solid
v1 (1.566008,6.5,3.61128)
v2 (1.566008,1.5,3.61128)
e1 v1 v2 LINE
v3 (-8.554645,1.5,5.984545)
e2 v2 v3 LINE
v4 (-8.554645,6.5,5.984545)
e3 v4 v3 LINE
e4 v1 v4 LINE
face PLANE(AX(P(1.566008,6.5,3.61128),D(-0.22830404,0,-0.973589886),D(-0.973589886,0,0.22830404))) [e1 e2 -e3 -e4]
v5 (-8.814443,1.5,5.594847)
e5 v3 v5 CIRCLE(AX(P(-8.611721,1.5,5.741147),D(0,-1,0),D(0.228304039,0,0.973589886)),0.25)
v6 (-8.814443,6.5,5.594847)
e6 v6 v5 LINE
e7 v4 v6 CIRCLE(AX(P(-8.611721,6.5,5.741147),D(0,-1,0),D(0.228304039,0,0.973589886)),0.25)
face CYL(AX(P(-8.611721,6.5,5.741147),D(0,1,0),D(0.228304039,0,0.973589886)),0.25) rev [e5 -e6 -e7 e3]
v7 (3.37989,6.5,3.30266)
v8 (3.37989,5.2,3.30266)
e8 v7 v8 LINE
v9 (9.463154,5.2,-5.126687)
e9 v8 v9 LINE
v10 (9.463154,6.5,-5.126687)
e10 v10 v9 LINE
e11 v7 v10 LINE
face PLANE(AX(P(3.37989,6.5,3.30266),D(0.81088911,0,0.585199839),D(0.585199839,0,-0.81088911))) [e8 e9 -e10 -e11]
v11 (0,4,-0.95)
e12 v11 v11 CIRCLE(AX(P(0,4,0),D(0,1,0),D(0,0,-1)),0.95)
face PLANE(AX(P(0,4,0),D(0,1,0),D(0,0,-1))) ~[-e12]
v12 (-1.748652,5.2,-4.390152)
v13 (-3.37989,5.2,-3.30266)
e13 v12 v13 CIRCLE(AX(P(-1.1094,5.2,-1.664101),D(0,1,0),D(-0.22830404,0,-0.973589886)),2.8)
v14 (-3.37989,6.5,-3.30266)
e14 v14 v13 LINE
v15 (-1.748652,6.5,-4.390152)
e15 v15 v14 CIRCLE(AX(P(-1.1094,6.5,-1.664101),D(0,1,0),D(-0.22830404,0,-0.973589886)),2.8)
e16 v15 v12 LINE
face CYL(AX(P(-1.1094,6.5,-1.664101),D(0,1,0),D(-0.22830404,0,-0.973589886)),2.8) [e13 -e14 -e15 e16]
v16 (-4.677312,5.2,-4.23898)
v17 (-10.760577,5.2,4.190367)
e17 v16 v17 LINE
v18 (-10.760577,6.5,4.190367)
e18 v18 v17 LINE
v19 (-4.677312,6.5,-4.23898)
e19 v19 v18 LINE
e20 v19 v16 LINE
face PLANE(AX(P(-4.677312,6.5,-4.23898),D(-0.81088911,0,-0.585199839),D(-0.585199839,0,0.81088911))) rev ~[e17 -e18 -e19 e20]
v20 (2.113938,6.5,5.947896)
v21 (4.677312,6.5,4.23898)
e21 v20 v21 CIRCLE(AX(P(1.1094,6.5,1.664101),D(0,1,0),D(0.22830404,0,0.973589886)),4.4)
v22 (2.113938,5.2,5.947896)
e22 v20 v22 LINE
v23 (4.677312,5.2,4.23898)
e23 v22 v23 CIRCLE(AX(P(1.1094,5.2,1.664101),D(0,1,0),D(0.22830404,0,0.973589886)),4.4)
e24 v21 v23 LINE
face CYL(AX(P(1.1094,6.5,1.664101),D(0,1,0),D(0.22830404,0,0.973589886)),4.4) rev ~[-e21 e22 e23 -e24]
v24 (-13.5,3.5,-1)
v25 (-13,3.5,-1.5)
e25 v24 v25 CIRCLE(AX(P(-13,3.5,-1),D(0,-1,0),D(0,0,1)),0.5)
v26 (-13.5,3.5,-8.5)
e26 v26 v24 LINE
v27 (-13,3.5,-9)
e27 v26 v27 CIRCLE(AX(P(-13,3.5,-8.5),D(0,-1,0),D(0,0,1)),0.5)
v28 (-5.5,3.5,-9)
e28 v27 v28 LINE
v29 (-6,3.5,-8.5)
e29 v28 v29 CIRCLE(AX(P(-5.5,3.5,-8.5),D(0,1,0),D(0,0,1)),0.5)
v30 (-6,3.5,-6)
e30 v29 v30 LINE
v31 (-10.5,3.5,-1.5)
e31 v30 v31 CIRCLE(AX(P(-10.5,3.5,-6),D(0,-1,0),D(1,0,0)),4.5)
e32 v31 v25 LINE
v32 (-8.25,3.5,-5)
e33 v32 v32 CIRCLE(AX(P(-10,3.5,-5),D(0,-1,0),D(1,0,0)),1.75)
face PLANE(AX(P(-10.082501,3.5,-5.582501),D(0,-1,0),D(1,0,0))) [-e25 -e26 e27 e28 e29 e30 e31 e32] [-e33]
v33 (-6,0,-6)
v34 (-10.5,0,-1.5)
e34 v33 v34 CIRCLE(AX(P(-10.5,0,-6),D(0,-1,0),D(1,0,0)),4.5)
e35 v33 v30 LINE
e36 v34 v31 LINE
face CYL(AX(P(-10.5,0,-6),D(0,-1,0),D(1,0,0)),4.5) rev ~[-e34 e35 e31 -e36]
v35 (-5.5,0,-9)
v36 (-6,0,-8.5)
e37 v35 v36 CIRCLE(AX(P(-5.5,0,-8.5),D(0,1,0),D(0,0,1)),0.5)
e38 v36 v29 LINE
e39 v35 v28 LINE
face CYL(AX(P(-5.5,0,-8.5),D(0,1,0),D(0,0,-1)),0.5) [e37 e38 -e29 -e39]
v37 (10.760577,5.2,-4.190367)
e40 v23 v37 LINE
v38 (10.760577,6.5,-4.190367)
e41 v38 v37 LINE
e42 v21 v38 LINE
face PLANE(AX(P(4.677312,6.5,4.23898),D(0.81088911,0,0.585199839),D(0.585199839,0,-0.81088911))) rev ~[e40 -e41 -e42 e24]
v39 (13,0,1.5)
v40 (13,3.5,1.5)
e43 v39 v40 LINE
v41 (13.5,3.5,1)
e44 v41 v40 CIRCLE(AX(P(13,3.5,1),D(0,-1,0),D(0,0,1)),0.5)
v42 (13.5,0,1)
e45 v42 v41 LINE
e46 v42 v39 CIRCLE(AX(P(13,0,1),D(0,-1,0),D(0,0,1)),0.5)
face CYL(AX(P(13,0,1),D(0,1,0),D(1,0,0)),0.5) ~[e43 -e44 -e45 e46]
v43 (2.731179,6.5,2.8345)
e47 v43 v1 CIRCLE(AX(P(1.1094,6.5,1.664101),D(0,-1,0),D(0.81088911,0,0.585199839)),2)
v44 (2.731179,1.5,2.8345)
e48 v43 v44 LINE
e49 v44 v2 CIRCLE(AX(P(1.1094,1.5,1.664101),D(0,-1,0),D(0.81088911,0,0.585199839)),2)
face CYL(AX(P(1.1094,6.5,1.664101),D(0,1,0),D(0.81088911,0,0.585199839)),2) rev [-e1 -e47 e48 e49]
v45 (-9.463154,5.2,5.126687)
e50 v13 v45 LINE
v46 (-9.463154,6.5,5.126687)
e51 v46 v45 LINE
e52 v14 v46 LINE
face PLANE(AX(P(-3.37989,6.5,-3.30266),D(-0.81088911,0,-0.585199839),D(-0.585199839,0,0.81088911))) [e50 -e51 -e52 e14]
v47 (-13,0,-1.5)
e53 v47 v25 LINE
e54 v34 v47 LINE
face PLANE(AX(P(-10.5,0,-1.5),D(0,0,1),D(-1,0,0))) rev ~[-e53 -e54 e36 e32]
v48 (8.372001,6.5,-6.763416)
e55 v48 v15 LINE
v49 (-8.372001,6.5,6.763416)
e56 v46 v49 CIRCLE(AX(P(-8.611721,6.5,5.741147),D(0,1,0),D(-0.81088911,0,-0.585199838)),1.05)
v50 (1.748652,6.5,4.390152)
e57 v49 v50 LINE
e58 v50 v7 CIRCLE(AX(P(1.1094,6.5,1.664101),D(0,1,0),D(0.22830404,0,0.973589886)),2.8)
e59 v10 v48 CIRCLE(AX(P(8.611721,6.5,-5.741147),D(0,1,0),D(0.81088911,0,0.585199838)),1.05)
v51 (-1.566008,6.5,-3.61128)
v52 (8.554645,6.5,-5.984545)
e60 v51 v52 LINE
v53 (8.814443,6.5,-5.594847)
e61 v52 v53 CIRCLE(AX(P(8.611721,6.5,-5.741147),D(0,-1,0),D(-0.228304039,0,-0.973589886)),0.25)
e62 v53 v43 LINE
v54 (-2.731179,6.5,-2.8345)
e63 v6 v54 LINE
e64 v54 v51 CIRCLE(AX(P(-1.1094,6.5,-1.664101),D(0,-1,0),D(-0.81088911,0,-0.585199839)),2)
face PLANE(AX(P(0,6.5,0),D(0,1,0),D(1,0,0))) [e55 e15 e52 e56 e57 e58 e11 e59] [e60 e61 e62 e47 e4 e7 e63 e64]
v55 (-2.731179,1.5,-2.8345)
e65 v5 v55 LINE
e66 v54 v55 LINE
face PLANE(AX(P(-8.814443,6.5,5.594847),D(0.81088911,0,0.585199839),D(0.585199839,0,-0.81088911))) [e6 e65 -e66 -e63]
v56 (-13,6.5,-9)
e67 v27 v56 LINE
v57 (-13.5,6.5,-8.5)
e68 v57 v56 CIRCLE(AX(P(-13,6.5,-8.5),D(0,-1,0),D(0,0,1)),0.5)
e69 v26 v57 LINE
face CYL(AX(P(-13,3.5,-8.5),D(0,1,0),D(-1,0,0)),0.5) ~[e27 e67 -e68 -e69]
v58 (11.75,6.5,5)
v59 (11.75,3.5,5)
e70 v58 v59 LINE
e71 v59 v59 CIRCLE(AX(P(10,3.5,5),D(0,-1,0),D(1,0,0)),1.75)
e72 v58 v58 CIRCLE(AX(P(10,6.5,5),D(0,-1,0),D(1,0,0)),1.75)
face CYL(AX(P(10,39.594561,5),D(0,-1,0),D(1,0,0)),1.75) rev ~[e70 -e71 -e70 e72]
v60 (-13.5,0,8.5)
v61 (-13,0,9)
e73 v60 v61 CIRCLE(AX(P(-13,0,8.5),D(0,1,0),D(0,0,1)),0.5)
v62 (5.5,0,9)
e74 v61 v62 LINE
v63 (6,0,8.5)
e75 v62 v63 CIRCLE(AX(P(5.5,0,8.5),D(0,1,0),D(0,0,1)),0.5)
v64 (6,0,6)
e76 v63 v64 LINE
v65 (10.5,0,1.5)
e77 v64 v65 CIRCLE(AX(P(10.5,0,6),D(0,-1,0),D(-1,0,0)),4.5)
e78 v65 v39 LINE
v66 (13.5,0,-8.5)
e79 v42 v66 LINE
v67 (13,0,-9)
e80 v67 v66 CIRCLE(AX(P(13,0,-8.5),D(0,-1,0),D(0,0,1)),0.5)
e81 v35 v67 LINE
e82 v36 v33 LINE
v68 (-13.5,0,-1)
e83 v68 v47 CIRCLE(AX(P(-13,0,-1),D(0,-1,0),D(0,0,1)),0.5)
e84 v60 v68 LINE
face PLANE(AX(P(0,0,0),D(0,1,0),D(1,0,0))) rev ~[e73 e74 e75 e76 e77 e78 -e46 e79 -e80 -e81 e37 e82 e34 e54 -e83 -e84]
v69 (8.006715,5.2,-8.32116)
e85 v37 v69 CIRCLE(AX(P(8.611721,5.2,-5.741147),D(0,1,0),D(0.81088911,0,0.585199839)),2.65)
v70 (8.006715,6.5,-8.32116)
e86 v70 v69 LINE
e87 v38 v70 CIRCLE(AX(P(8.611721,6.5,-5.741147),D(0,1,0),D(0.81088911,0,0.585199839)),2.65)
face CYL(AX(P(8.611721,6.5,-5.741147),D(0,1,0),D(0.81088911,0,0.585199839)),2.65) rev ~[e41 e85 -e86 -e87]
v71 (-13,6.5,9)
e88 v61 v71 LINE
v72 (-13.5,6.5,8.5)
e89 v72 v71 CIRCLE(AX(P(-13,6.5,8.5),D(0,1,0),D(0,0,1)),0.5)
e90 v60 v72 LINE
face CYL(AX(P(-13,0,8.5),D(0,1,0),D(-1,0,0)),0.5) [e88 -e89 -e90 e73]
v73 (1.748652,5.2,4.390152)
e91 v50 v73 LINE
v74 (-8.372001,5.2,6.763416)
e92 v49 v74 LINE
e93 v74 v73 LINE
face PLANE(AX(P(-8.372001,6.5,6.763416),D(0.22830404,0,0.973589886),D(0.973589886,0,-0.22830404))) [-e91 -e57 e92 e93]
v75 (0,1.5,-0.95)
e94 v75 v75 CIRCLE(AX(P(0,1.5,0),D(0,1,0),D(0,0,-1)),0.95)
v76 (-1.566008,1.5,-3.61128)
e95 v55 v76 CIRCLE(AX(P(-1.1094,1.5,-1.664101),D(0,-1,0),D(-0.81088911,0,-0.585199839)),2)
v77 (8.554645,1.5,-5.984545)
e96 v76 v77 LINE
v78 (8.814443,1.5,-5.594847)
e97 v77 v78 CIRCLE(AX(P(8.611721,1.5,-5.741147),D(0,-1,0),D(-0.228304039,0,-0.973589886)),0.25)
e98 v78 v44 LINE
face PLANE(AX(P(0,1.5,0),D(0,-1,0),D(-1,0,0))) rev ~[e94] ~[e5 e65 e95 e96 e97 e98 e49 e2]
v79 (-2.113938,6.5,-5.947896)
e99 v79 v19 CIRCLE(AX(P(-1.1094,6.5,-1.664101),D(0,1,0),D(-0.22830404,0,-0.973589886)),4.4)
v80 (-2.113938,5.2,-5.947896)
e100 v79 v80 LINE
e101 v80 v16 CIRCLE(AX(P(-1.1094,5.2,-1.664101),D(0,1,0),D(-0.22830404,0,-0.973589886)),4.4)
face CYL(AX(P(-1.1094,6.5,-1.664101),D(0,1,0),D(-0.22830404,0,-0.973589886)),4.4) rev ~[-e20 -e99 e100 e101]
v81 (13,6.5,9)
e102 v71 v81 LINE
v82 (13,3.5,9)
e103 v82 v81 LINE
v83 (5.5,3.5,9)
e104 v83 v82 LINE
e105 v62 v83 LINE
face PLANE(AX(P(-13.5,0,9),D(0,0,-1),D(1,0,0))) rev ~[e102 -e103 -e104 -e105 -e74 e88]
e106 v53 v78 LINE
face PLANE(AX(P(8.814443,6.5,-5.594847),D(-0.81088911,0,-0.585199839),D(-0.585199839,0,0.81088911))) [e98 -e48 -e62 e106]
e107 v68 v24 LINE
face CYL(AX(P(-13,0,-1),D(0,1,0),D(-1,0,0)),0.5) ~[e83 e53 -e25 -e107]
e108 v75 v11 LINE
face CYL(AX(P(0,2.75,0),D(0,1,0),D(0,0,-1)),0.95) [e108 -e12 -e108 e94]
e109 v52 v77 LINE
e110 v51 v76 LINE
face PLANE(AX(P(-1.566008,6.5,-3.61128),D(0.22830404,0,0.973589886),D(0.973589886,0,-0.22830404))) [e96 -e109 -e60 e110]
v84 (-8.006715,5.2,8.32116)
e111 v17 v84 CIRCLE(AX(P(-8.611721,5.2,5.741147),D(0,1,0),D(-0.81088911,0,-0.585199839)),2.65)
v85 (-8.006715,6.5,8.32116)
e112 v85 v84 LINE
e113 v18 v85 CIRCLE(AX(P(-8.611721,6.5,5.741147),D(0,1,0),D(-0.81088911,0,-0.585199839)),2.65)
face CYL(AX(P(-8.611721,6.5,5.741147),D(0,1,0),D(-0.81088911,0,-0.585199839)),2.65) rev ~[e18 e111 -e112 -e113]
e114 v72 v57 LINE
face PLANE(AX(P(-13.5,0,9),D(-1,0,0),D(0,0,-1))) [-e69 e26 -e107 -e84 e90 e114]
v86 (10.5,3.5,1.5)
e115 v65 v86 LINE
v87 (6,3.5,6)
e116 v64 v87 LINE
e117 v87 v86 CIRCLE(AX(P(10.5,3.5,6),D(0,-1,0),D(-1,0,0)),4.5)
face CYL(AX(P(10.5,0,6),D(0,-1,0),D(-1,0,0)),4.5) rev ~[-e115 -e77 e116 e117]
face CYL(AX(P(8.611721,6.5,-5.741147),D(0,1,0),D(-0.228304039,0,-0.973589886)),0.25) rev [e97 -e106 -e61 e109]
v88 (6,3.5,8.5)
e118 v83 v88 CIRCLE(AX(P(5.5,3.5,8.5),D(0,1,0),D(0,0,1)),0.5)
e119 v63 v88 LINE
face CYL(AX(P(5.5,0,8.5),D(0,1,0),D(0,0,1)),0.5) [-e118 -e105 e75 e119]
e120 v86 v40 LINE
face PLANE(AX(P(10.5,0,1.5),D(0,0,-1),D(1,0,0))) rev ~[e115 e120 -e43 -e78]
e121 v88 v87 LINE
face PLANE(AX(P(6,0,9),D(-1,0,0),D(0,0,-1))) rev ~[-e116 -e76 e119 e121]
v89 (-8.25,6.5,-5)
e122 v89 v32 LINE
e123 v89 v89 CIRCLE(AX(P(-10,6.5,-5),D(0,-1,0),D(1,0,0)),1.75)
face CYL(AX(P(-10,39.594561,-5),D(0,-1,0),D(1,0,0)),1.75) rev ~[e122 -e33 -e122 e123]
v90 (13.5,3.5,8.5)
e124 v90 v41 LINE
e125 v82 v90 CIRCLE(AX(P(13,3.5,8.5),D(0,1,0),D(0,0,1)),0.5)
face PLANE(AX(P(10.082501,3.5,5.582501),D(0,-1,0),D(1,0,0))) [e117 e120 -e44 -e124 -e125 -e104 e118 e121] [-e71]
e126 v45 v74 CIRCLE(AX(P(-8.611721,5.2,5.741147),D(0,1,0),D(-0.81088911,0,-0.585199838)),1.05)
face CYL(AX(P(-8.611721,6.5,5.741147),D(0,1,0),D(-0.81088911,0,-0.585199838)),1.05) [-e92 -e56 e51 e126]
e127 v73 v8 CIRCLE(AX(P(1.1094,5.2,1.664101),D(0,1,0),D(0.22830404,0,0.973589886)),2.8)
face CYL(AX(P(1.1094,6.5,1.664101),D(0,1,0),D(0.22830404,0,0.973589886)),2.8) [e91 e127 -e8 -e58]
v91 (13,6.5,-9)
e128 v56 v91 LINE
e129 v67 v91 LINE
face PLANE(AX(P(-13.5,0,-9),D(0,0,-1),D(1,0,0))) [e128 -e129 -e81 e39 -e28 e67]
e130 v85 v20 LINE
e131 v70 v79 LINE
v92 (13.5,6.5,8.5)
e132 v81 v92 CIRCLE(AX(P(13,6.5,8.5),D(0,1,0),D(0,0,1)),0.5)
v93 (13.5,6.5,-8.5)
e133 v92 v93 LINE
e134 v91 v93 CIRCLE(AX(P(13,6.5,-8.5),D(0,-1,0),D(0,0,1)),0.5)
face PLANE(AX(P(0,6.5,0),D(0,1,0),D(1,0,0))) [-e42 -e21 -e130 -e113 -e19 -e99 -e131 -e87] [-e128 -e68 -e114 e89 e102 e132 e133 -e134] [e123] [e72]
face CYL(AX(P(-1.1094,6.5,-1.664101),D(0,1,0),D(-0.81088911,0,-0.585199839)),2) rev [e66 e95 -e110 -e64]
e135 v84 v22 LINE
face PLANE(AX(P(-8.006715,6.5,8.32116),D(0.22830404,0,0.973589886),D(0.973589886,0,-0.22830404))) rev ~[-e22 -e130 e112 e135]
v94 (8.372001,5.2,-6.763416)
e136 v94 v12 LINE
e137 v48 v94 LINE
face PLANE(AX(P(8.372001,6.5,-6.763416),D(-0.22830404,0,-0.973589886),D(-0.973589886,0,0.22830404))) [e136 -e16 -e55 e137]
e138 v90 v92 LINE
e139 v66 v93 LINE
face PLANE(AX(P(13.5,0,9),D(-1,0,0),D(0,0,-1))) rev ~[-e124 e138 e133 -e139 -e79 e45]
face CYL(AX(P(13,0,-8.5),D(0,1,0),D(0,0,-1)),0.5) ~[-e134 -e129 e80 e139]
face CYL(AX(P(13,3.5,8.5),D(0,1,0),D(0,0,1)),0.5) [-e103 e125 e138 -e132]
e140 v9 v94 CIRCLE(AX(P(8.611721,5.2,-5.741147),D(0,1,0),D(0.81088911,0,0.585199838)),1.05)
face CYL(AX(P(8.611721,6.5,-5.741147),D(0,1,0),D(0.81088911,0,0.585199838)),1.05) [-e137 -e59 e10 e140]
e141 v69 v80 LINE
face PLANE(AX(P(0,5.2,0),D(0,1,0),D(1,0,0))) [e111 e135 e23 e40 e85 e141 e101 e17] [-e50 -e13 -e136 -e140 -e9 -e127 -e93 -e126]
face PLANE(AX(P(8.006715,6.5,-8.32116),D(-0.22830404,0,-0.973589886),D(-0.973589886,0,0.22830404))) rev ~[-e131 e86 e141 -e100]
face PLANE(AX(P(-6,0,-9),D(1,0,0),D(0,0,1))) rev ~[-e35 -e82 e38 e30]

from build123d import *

# Parameters (mm, degrees)
BASES_W                = 27
BASES_H                = 18
BASE_DEPTH             = 6.5
DIAMONDCUT_DEPTH       = 5
O_RINGPROFILE_DEPTH    = 1.3
SPRINGRETENTIONS_W     = 0.95
SPRINGRETENTIONS_H     = 2.5
M3_CLEARANCE_HOLE1_D   = 3.5
MOUNTINGHOLECUTS_DEPTH = 3.5
BASEF_R                = 0.5


with BuildPart() as part:
    # BaseS → Base (new body)
    with BuildSketch(Plane(origin=(0, 0, 0), x_dir=(1, 0, 0), z_dir=(0, 1, 0))):
        Rectangle(BASES_W, BASES_H)
    extrude(amount=BASE_DEPTH)

    # DiamondCutS → DiamondCut (cut)
    with BuildSketch(Plane(origin=(0, 6.5, 0), x_dir=(1, 0, 0), z_dir=(0, 1, 0))):
        with BuildLine():
            Line((-1.566008472, 3.61128036), (8.554644537, 5.984544502))
            ThreePointArc((8.554644537, 5.984544502), (8.81973312, 5.87982208), (8.814442824, 5.594847071))
            Line((8.814442824, 5.594847071), (2.731178612, -2.834500266))
            ThreePointArc((2.731178612, -2.834500266), (2.218800785, -3.328201177), (1.566008472, -3.61128036))
            Line((1.566008472, -3.61128036), (-8.554644537, -5.984544502))
            ThreePointArc((-8.554644537, -5.984544502), (-8.81973312, -5.87982208), (-8.814442824, -5.594847071))
            Line((-8.814442824, -5.594847071), (-2.731178612, 2.834500266))
            ThreePointArc((-2.731178612, 2.834500266), (-2.218800785, 3.328201177), (-1.566008472, 3.61128036))
        make_face()
    extrude(amount=-DIAMONDCUT_DEPTH, mode=Mode.SUBTRACT)

    # O-RingProfileS → O-RingProfile (cut)
    with BuildSketch(Plane(origin=(0, 6.5, 0), x_dir=(1, 0, 0), z_dir=(0, 1, 0))):
        with BuildLine():
            Line((4.677312477, -4.238979879), (10.760576688, 4.190367458))
            ThreePointArc((10.760576688, 4.190367458), (10.816653826, 7.211102551), (8.006714841, 8.321160228))
            Line((8.006714841, 8.321160228), (-2.113938167, 5.947896086))
            ThreePointArc((-2.113938167, 5.947896086), (-3.550081256, 5.325121884), (-4.677312477, 4.238979879))
            Line((-4.677312477, 4.238979879), (-10.760576688, -4.190367458))
            ThreePointArc((-10.760576688, -4.190367458), (-10.816653826, -7.211102551), (-8.006714841, -8.321160228))
            Line((-8.006714841, -8.321160228), (2.113938167, -5.947896086))
            ThreePointArc((2.113938167, -5.947896086), (3.550081256, -5.325121884), (4.677312477, -4.238979879))
        make_face()
        with BuildLine():
            Line((3.379889901, -3.302660137), (9.463154112, 5.1266872))
            ThreePointArc((9.463154112, 5.1266872), (9.485373355, 6.323582237), (8.372001305, 6.763416411))
            Line((8.372001305, 6.763416411), (-1.748651703, 4.390152269))
            ThreePointArc((-1.748651703, 4.390152269), (-2.662560942, 3.993841413), (-3.379889901, 3.302660137))
            Line((-3.379889901, 3.302660137), (-9.463154112, -5.1266872))
            ThreePointArc((-9.463154112, -5.1266872), (-9.485373355, -6.323582237), (-8.372001305, -6.763416411))
            Line((-8.372001305, -6.763416411), (1.748651703, -4.390152269))
            ThreePointArc((1.748651703, -4.390152269), (2.662560942, -3.993841413), (3.379889901, -3.302660137))
        make_face(mode=Mode.SUBTRACT)
    extrude(amount=-O_RINGPROFILE_DEPTH, mode=Mode.SUBTRACT)

    # SpringRetentionS → SpringRetention (revolve)
    with BuildSketch(Plane(origin=(0, 0, 0), x_dir=(0, 0, -1), z_dir=(1, 0, 0))):
        with Locations((0.475, 2.75)):
            Rectangle(SPRINGRETENTIONS_W, SPRINGRETENTIONS_H)
    revolve(axis=Axis((0, 1.5, 0), (0, 1, 0)))

    # M3 Clearance Hole1 (through all)
    with Locations(Plane(origin=(0, 6.5, 0), x_dir=(-1, 0, 0), z_dir=(0, 1, 0))):
        with Locations((10, -5), (-10, 5)):
            Hole(M3_CLEARANCE_HOLE1_D / 2)

    # MountingHoleCutsS → MountingHoleCuts (cut)
    with BuildSketch(Plane.XZ):
        with BuildLine():
            Line((13.5, 1.5), (13.5, 9))
            Line((13.5, 9), (6, 9))
            Line((6, 9), (6, 6))
            ThreePointArc((6, 6), (7.318019485, 2.818019485), (10.5, 1.5))
            Line((10.5, 1.5), (13.5, 1.5))
        make_face()
        with BuildLine():
            Line((-13.5, -9), (-6, -9))
            Line((-6, -9), (-6, -6))
            ThreePointArc((-6, -6), (-7.318019485, -2.818019485), (-10.5, -1.5))
            Line((-10.5, -1.5), (-13.5, -1.5))
            Line((-13.5, -1.5), (-13.5, -9))
        make_face()
    extrude(amount=-MOUNTINGHOLECUTS_DEPTH, mode=Mode.SUBTRACT)

    # BaseF
    basef_edges = [part.edges().sort_by_distance(p)[0] for p in [
        (-6, 1.75, -9),
        (-13.5, 1.75, -1.5),
        (6, 1.75, 9),
        (13.5, 1.75, 1.5),
        (13.5, 5, 9),
        (-13.5, 3.25, 9),
        (-13.5, 5, -9),
        (13.5, 3.25, -9),
    ]]
    fillet(basef_edges, radius=BASEF_R)


solid = part.part
